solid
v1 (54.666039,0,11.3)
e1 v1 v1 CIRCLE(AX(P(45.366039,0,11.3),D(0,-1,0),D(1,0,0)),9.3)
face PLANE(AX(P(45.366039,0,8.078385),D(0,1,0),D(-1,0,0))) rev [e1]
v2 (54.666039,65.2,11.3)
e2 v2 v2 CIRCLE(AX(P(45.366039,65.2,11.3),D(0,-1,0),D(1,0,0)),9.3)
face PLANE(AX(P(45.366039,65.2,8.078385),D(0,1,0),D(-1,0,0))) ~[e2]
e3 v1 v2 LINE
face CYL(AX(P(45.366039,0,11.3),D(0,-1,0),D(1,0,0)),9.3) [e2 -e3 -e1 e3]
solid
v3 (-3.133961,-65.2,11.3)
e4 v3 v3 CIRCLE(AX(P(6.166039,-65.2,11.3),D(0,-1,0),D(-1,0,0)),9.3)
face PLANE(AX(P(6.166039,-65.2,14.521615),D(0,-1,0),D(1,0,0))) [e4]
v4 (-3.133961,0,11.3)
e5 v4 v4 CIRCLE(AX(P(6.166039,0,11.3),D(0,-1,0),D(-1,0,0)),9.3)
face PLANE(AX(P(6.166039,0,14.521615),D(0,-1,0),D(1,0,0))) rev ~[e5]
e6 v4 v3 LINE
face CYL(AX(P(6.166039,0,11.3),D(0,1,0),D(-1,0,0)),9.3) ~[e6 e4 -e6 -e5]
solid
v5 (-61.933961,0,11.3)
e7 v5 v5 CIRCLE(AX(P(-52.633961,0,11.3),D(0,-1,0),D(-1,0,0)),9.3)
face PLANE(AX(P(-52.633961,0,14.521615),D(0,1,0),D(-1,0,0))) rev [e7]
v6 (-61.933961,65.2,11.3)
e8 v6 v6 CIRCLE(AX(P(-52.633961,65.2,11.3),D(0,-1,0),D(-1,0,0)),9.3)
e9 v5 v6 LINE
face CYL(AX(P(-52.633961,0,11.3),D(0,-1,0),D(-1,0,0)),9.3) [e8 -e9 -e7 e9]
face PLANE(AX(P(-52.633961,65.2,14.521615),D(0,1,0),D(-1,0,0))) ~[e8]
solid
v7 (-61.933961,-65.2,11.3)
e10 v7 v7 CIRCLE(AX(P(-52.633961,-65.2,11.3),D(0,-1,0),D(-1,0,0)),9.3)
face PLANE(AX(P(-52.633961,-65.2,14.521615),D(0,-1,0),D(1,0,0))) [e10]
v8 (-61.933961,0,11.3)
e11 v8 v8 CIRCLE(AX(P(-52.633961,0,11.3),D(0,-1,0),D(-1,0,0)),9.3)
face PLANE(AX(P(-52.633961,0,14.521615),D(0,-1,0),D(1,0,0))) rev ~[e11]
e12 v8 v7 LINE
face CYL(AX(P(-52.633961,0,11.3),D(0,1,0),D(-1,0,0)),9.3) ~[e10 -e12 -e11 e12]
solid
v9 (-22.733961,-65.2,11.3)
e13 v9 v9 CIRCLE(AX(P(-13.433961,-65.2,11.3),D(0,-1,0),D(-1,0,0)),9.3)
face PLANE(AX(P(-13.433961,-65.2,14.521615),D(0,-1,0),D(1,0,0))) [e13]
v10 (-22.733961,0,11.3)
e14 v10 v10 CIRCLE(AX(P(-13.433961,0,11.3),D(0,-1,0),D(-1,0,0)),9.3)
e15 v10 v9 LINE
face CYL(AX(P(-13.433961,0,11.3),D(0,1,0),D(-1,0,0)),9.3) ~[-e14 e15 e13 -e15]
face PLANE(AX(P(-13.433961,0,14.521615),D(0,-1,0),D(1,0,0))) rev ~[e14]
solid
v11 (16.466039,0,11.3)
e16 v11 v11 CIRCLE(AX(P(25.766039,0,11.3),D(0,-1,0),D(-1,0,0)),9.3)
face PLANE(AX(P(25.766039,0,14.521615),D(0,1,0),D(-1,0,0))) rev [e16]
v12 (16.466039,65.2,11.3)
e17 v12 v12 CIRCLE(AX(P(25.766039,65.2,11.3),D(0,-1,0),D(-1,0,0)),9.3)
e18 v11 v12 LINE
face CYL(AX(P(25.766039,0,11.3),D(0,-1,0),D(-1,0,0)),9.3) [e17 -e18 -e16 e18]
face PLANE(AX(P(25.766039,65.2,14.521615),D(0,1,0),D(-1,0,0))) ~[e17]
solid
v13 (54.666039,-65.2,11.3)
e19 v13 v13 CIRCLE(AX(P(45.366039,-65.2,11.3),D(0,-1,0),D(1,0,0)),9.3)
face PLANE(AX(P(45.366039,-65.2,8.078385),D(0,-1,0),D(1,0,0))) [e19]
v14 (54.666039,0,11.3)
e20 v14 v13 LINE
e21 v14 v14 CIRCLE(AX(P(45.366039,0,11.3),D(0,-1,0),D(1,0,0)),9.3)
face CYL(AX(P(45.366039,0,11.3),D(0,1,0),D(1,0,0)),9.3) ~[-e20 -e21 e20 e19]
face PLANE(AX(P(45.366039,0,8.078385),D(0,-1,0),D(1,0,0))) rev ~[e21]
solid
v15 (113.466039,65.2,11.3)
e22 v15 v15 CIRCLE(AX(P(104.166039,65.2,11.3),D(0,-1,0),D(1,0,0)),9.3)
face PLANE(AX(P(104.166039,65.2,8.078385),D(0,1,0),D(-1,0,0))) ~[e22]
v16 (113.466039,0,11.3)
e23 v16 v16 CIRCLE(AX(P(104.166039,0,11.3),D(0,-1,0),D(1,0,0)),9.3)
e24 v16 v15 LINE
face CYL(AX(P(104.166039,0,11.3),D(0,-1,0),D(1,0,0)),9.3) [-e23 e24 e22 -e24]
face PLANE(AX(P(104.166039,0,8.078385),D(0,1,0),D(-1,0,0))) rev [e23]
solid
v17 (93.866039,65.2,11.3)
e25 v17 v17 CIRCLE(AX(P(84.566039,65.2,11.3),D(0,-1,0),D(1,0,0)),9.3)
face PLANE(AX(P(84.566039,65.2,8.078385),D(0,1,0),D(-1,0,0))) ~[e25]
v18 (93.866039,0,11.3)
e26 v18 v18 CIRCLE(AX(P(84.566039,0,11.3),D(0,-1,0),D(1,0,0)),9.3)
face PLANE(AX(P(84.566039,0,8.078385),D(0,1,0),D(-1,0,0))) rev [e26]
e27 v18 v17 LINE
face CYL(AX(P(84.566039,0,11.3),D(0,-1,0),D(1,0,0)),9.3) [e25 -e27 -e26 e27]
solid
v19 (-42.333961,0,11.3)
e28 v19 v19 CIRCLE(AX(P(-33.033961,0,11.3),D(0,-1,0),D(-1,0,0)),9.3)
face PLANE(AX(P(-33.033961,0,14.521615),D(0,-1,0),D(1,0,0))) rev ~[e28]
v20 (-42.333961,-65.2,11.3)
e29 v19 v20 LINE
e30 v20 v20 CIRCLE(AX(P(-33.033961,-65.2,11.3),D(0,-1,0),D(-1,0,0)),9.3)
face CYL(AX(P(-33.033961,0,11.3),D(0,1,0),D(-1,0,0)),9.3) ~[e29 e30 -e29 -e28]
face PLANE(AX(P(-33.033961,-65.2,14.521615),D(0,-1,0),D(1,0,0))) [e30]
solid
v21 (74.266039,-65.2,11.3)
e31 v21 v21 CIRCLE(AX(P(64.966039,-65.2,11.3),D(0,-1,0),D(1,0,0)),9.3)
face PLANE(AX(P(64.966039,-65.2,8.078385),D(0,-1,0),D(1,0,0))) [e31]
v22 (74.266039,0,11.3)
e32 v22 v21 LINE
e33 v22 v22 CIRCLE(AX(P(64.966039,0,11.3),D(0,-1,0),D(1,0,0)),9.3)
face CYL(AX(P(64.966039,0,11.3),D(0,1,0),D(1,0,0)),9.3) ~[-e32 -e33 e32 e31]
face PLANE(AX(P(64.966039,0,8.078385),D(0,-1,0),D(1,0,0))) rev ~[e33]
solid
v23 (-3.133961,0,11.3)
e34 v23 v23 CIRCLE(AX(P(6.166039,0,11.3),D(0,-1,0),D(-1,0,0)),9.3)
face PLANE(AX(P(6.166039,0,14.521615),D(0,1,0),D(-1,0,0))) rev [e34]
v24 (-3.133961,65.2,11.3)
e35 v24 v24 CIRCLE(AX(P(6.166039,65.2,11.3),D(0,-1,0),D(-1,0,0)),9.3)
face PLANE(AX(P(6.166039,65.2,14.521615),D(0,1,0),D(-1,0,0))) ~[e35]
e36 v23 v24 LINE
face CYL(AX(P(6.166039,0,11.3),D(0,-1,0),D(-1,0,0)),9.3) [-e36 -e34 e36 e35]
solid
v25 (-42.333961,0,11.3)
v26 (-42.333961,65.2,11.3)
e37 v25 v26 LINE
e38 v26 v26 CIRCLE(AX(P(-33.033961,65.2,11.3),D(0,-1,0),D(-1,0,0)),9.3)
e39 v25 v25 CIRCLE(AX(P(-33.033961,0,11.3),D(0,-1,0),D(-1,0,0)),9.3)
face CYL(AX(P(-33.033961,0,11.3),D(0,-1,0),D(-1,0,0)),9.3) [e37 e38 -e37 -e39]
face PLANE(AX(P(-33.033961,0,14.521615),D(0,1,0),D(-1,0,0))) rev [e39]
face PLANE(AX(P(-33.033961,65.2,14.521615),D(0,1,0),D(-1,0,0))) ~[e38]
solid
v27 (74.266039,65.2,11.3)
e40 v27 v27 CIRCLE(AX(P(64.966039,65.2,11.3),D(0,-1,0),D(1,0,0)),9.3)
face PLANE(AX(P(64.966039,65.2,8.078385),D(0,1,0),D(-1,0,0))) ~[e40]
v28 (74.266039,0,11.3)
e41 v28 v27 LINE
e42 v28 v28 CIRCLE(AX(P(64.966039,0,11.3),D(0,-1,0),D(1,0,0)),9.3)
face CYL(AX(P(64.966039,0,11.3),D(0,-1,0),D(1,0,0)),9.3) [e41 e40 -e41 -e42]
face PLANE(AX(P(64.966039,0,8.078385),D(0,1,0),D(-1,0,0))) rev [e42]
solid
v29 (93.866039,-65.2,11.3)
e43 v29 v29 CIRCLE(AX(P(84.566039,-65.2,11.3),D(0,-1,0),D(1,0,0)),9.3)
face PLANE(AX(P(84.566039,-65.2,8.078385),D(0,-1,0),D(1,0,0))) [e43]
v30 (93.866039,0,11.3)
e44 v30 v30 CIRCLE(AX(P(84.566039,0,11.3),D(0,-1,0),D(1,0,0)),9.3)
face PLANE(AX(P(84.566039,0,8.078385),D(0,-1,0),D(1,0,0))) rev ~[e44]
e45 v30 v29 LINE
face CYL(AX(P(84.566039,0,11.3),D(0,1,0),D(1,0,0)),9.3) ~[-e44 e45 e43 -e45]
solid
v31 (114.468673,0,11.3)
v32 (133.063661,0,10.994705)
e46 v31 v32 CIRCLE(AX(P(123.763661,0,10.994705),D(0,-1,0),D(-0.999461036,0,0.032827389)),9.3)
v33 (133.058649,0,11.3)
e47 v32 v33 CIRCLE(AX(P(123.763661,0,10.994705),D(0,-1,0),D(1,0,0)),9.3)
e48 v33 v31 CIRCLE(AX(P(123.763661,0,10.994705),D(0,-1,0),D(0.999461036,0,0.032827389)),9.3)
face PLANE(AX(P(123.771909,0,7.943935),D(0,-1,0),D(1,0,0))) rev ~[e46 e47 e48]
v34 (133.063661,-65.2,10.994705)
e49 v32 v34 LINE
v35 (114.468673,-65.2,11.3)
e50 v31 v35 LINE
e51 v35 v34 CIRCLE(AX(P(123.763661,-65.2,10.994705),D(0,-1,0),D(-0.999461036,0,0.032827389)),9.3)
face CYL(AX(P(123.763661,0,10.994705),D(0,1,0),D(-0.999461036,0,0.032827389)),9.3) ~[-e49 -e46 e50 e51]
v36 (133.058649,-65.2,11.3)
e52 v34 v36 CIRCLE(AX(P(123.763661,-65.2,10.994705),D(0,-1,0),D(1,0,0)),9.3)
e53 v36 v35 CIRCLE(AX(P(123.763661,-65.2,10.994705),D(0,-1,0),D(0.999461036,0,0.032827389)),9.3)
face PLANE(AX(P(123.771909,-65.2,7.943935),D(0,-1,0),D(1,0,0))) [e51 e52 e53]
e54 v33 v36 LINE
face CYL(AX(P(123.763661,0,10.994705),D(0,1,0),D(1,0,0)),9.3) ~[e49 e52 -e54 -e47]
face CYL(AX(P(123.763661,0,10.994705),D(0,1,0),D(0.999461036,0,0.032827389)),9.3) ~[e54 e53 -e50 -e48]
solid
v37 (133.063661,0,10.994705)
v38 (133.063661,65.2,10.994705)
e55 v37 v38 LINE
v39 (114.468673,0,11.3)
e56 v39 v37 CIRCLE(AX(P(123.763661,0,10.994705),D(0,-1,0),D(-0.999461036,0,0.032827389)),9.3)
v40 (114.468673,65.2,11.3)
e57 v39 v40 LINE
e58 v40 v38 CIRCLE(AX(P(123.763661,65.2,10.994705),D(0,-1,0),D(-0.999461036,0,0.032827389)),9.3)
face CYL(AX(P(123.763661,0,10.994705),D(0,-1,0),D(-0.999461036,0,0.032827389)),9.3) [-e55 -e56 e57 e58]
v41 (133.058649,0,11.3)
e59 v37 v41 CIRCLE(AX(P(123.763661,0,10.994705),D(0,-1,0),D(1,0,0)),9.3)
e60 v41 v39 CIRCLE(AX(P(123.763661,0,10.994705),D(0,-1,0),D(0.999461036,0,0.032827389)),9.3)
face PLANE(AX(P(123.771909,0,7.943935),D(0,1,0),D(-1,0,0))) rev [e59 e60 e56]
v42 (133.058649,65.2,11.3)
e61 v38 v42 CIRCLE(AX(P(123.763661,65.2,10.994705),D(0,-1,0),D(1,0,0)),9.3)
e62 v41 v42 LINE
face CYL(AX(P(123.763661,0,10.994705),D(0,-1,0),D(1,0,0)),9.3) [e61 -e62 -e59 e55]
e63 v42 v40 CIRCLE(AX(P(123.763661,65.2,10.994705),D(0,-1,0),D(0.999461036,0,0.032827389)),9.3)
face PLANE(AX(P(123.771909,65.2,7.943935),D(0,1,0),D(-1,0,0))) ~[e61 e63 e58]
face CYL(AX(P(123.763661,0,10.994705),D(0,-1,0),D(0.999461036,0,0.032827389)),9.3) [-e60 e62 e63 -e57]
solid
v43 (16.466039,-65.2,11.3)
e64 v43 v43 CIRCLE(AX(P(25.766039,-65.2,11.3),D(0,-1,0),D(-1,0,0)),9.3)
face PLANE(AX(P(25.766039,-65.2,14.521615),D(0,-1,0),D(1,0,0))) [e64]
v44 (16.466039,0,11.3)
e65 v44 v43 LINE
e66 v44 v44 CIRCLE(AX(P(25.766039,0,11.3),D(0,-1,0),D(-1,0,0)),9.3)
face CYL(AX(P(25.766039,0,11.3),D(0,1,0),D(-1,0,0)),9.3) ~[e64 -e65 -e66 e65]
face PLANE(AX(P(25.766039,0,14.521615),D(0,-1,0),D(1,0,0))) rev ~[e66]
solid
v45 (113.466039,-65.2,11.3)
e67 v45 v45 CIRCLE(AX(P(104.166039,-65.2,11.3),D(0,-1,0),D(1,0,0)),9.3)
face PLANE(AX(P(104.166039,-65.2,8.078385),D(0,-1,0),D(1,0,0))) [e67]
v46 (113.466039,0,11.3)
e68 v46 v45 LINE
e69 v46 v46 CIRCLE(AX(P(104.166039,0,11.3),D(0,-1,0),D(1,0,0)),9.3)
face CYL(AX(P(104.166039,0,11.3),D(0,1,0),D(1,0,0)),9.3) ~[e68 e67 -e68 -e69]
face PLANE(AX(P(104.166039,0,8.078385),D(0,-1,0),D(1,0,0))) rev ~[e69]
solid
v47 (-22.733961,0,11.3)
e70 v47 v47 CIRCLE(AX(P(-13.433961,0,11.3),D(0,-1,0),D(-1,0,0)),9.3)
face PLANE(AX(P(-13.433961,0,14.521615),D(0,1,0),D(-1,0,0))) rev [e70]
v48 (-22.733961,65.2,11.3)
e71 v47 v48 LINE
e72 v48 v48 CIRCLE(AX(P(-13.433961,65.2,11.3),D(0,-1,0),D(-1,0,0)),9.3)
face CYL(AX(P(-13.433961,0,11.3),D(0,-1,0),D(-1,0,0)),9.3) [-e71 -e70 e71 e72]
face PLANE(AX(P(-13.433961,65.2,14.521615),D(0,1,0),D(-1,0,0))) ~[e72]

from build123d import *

# Parameters (mm, degrees)
F1_DEPTH = 65.2


with BuildPart() as f1:
    # F0 (on Front) → F1 (new body)
    with BuildSketch(Plane.XZ):
        with BuildLine():
            Line((-61.9339610934, 11.3), (-43.3339610934, 11.3))
            ThreePointArc((-43.3339610934, 11.3), (-52.6339610934, 20.6), (-61.9339610934, 11.3))
        make_face()
        with BuildLine():
            ThreePointArc((-61.9339610934, 11.3), (-52.6339610934, 2), (-43.3339610934, 11.3))
            Line((-43.3339610934, 11.3), (-61.9339610934, 11.3))
        make_face()
    extrude(amount=F1_DEPTH)


with BuildPart() as f1b:
    # F0 (on Front) → F1, piece 2 (new body)
    with BuildSketch(Plane.XZ):
        with BuildLine():
            ThreePointArc((-23.7339610934, 11.3), (-33.0339610934, 20.6), (-42.3339610934, 11.3))
            Line((-42.3339610934, 11.3), (-23.7339610934, 11.3))
        make_face()
        with BuildLine():
            Line((-23.7339610934, 11.3), (-42.3339610934, 11.3))
            ThreePointArc((-42.3339610934, 11.3), (-33.0339610934, 2), (-23.7339610934, 11.3))
        make_face()
    extrude(amount=F1_DEPTH)


with BuildPart() as f1c:
    # F0 (on Front) → F1, piece 3 (new body)
    with BuildSketch(Plane.XZ):
        with BuildLine():
            ThreePointArc((-4.1339610934, 11.3), (-13.4339610934, 20.6), (-22.7339610934, 11.3))
            Line((-22.7339610934, 11.3), (-4.1339610934, 11.3))
        make_face()
        with BuildLine():
            Line((-4.1339610934, 11.3), (-22.7339610934, 11.3))
            ThreePointArc((-22.7339610934, 11.3), (-13.4339610934, 2), (-4.1339610934, 11.3))
        make_face()
    extrude(amount=F1_DEPTH)


with BuildPart() as f1d:
    # F0 (on Front) → F1, piece 4 (new body)
    with BuildSketch(Plane.XZ):
        with BuildLine():
            ThreePointArc((15.4660389066, 11.3), (6.1660389066, 20.6), (-3.1339610934, 11.3))
            Line((-3.1339610934, 11.3), (15.4660389066, 11.3))
        make_face()
        with BuildLine():
            Line((15.4660389066, 11.3), (-3.1339610934, 11.3))
            ThreePointArc((-3.1339610934, 11.3), (6.1660389066, 2), (15.4660389066, 11.3))
        make_face()
    extrude(amount=F1_DEPTH)


with BuildPart() as f1e:
    # F0 (on Front) → F1, piece 5 (new body)
    with BuildSketch(Plane.XZ):
        with BuildLine():
            ThreePointArc((35.0660389066, 11.3), (25.7660389066, 20.6), (16.4660389066, 11.3))
            Line((16.4660389066, 11.3), (35.0660389066, 11.3))
        make_face()
        with BuildLine():
            Line((35.0660389066, 11.3), (16.4660389066, 11.3))
            ThreePointArc((16.4660389066, 11.3), (25.7660389066, 2), (35.0660389066, 11.3))
        make_face()
    extrude(amount=F1_DEPTH)


with BuildPart() as f1f:
    # F0 (on Front) → F1, piece 6 (new body)
    with BuildSketch(Plane.XZ):
        with BuildLine():
            Line((54.6660389066, 11.3), (36.0660389066, 11.3))
            ThreePointArc((36.0660389066, 11.3), (45.3660389066, 2), (54.6660389066, 11.3))
        make_face()
        with BuildLine():
            ThreePointArc((54.6660389066, 11.3), (45.3660389066, 20.6), (36.0660389066, 11.3))
            Line((36.0660389066, 11.3), (54.6660389066, 11.3))
        make_face()
    extrude(amount=F1_DEPTH)


with BuildPart() as f1g:
    # F0 (on Front) → F1, piece 7 (new body)
    with BuildSketch(Plane.XZ):
        with BuildLine():
            Line((74.2660389066, 11.3), (55.6660389066, 11.3))
            ThreePointArc((55.6660389066, 11.3), (64.9660389066, 2), (74.2660389066, 11.3))
        make_face()
        with BuildLine():
            ThreePointArc((74.2660389066, 11.3), (64.9660389066, 20.6), (55.6660389066, 11.3))
            Line((55.6660389066, 11.3), (74.2660389066, 11.3))
        make_face()
    extrude(amount=F1_DEPTH)


with BuildPart() as f1h:
    # F0 (on Front) → F1, piece 8 (new body)
    with BuildSketch(Plane.XZ):
        with BuildLine():
            ThreePointArc((75.2660389066, 11.3), (84.5660389066, 2), (93.8660389066, 11.3))
            Line((93.8660389066, 11.3), (75.2660389066, 11.3))
        make_face()
        with BuildLine():
            Line((75.2660389066, 11.3), (93.8660389066, 11.3))
            ThreePointArc((93.8660389066, 11.3), (84.5660389066, 20.6), (75.2660389066, 11.3))
        make_face()
    extrude(amount=F1_DEPTH)


with BuildPart() as f1i:
    # F0 (on Front) → F1, piece 9 (new body)
    with BuildSketch(Plane.XZ):
        with BuildLine():
            ThreePointArc((94.8660389066, 11.3), (104.1660389066, 2), (113.4660389066, 11.3))
            Line((113.4660389066, 11.3), (94.8660389066, 11.3))
        make_face()
        with BuildLine():
            Line((94.8660389066, 11.3), (113.4660389066, 11.3))
            ThreePointArc((113.4660389066, 11.3), (104.1660389066, 20.6), (94.8660389066, 11.3))
        make_face()
    extrude(amount=F1_DEPTH)


with BuildPart() as f1j:
    # F0 (on Front) → F1, piece 10 (new body)
    with BuildSketch(Plane.XZ):
        with BuildLine():
            ThreePointArc((133.0636610872, 10.9947052806), (133.0624079115, 11.1473732123), (133.0586487222, 11.3))
            Line((133.0586487222, 11.3), (114.4686734522, 11.3))
            ThreePointArc((114.4686734522, 11.3), (123.6109931555, 1.6959584563), (133.0636610872, 10.9947052806))
        make_face()
        with BuildLine():
            Line((114.4686734522, 11.3), (133.0586487222, 11.3))
            ThreePointArc((133.0586487222, 11.3), (123.7636610872, 20.2947052806), (114.4686734522, 11.3))
        make_face()
    extrude(amount=F1_DEPTH)


with BuildPart() as f2_1:
    # F2: instance of F1
    add(f1.part.mirror(Plane.XZ))


with BuildPart() as f2_2:
    # F2: instance of F1b
    add(f1b.part.mirror(Plane.XZ))


with BuildPart() as f2_3:
    # F2: instance of F1c
    add(f1c.part.mirror(Plane.XZ))


with BuildPart() as f2_4:
    # F2: instance of F1d
    add(f1d.part.mirror(Plane.XZ))


with BuildPart() as f2_5:
    # F2: instance of F1e
    add(f1e.part.mirror(Plane.XZ))


with BuildPart() as f2_6:
    # F2: instance of F1f
    add(f1f.part.mirror(Plane.XZ))


with BuildPart() as f2_7:
    # F2: instance of F1g
    add(f1g.part.mirror(Plane.XZ))


with BuildPart() as f2_8:
    # F2: instance of F1h
    add(f1h.part.mirror(Plane.XZ))


with BuildPart() as f2_9:
    # F2: instance of F1i
    add(f1i.part.mirror(Plane.XZ))


with BuildPart() as f2_10:
    # F2: instance of F1j
    add(f1j.part.mirror(Plane.XZ))


solid = Compound([f1.part, f1b.part, f1c.part, f1d.part, f1e.part, f1f.part, f1g.part, f1h.part, f1i.part, f1j.part, f2_1.part, f2_2.part, f2_3.part, f2_4.part, f2_5.part, f2_6.part, f2_7.part, f2_8.part, f2_9.part, f2_10.part])
